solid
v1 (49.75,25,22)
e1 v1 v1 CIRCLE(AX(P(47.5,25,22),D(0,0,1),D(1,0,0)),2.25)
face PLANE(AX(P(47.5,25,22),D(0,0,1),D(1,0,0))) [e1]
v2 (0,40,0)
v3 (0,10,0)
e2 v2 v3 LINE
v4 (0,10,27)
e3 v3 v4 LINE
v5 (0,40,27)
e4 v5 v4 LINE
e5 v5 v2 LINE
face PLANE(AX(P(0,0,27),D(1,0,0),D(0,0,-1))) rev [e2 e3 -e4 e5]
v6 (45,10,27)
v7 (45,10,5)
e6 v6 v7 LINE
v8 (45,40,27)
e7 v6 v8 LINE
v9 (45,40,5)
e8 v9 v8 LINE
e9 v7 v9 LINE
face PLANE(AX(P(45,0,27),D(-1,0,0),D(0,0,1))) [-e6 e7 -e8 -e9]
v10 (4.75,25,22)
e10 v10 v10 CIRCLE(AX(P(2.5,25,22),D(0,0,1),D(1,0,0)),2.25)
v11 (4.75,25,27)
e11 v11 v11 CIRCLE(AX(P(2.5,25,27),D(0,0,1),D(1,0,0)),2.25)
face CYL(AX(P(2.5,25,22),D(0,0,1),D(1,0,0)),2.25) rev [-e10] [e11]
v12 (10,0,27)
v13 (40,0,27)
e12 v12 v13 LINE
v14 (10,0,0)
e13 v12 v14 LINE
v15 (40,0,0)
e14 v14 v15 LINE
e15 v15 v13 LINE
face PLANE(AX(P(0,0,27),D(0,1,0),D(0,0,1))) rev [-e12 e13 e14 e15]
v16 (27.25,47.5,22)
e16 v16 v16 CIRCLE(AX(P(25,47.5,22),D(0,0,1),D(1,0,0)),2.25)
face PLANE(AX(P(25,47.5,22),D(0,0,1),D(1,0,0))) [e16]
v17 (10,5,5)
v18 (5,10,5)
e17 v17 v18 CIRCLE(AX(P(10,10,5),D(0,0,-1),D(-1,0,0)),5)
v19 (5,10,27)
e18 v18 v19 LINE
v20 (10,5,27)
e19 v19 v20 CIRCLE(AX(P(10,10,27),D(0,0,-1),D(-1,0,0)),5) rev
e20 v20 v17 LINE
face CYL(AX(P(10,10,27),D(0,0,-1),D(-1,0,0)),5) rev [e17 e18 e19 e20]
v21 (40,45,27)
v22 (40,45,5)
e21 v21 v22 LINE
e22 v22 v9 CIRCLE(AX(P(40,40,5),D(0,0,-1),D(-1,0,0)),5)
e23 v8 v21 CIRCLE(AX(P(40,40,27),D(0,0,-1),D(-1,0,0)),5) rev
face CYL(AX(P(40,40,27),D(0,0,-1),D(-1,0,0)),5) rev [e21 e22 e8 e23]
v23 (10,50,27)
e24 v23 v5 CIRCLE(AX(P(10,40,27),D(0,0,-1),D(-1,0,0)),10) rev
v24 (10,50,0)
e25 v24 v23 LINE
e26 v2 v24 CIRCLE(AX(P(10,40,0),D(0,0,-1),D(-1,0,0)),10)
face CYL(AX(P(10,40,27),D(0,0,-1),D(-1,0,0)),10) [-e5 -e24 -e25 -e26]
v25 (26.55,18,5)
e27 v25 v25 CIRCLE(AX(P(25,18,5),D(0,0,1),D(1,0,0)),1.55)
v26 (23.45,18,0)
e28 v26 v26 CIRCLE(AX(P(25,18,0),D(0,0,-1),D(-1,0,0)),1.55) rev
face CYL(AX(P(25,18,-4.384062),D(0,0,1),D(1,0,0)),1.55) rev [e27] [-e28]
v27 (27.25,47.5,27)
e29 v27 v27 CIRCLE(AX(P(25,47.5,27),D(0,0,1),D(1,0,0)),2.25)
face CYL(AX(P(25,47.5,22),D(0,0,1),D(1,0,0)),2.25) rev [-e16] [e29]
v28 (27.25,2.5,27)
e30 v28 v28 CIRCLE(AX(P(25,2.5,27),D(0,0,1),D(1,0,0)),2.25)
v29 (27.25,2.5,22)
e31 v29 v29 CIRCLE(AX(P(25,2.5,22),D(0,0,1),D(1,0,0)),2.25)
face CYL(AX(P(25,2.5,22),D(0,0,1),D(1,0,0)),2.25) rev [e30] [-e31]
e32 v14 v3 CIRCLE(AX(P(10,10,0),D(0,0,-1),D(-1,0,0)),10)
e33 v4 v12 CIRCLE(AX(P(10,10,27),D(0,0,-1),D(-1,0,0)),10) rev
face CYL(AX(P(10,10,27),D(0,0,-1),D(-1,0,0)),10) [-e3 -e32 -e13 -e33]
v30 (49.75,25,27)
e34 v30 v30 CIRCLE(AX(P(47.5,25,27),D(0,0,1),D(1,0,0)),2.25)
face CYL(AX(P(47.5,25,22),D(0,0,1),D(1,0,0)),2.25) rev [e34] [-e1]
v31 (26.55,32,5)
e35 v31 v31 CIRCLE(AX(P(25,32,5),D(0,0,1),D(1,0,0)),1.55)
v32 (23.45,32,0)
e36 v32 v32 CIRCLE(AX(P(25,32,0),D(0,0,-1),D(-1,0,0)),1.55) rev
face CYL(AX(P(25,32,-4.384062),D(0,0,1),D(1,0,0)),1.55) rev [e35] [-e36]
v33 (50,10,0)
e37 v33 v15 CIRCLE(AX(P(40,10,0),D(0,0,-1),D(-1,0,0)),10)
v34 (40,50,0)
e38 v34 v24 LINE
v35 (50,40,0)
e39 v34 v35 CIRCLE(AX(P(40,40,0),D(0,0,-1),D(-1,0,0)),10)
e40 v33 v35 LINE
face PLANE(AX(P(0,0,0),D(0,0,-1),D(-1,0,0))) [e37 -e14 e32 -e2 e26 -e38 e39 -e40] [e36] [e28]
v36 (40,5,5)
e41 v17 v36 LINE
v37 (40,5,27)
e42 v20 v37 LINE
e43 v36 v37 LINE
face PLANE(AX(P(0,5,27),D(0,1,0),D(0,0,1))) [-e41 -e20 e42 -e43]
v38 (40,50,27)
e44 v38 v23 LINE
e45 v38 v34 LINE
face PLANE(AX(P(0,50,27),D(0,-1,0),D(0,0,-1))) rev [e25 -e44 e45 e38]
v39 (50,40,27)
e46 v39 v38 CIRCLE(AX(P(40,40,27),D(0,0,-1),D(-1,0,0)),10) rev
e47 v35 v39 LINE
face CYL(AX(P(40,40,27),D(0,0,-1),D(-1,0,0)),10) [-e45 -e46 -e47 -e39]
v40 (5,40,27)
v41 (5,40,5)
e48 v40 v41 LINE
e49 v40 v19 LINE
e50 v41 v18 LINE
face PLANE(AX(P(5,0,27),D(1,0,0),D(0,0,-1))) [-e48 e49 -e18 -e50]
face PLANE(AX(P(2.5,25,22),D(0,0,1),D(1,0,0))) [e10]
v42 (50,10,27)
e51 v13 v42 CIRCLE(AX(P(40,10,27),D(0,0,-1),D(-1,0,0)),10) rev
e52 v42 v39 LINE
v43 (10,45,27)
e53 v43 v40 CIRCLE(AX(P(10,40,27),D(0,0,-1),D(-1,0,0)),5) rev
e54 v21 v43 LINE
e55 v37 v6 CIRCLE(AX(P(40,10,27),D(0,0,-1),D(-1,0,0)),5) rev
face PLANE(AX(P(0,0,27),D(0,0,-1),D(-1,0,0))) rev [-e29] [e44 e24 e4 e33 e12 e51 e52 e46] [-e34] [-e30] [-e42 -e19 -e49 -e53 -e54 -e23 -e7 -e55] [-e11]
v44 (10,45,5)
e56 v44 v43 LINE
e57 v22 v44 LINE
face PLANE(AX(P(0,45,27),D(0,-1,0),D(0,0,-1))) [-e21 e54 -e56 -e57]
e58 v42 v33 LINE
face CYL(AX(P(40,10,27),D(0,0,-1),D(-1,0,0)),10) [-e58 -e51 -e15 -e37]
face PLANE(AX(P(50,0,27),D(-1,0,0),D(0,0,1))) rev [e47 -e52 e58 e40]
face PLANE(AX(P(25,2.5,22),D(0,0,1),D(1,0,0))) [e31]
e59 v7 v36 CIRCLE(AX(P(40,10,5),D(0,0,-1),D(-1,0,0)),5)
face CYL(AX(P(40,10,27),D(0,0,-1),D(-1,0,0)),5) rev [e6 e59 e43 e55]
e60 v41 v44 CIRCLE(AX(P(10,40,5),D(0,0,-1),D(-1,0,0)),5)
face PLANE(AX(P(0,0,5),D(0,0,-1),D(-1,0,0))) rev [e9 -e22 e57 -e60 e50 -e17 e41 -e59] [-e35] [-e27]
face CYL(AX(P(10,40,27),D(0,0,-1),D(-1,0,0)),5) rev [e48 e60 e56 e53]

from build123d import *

# Parameters (mm, degrees)
SKETCH1_W           = 50
SKETCH1_H           = 50
BOSS_EXTRUDE1_DEPTH = 27
FILLET1_R           = 10
SHELL1_T            = -5
SKETCH3_R           = 1.55
CUT_EXTRUDE1_DEPTH  = 5
SKETCH4_R           = 2.25
CUT_EXTRUDE2_DEPTH  = 5


with BuildPart() as part:
    # Sketch1 → Boss-Extrude1 (new body)
    with BuildSketch(Plane.XY):
        with Locations((25, 25)):
            Rectangle(SKETCH1_W, SKETCH1_H)
    extrude(amount=BOSS_EXTRUDE1_DEPTH)

    # Fillet1
    fillet1_edges = [part.edges().sort_by_distance(p)[0] for p in [
        (0, 50, 13.5),
        (50, 50, 13.5),
        (50, 0, 13.5),
        (0, 0, 13.5),
    ]]
    fillet(fillet1_edges, radius=FILLET1_R)

    # Shell1
    shell1_openings = [part.faces().sort_by_distance(p)[0] for p in [
        (25, 25, 27),
    ]]
    offset(amount=SHELL1_T, openings=shell1_openings, kind=Kind.INTERSECTION)

    # Sketch3 → Cut-Extrude1 (cut)
    with BuildSketch(Plane.XY.offset(5)):
        with Locations((25, 32)):
            Circle(SKETCH3_R)
        with Locations((25, 18)):
            Circle(SKETCH3_R)
    extrude(amount=-CUT_EXTRUDE1_DEPTH, mode=Mode.SUBTRACT)

    # Sketch4 → Cut-Extrude2 (cut)
    with BuildSketch(Plane.XY.offset(27)):
        with Locations((25, 2.5)):
            Circle(SKETCH4_R)
        with Locations((2.5, 25)):
            Circle(SKETCH4_R)
        with Locations((25, 47.5)):
            Circle(SKETCH4_R)
        with Locations((47.5, 25)):
            Circle(SKETCH4_R)
    extrude(amount=-CUT_EXTRUDE2_DEPTH, mode=Mode.SUBTRACT)


solid = part.part
